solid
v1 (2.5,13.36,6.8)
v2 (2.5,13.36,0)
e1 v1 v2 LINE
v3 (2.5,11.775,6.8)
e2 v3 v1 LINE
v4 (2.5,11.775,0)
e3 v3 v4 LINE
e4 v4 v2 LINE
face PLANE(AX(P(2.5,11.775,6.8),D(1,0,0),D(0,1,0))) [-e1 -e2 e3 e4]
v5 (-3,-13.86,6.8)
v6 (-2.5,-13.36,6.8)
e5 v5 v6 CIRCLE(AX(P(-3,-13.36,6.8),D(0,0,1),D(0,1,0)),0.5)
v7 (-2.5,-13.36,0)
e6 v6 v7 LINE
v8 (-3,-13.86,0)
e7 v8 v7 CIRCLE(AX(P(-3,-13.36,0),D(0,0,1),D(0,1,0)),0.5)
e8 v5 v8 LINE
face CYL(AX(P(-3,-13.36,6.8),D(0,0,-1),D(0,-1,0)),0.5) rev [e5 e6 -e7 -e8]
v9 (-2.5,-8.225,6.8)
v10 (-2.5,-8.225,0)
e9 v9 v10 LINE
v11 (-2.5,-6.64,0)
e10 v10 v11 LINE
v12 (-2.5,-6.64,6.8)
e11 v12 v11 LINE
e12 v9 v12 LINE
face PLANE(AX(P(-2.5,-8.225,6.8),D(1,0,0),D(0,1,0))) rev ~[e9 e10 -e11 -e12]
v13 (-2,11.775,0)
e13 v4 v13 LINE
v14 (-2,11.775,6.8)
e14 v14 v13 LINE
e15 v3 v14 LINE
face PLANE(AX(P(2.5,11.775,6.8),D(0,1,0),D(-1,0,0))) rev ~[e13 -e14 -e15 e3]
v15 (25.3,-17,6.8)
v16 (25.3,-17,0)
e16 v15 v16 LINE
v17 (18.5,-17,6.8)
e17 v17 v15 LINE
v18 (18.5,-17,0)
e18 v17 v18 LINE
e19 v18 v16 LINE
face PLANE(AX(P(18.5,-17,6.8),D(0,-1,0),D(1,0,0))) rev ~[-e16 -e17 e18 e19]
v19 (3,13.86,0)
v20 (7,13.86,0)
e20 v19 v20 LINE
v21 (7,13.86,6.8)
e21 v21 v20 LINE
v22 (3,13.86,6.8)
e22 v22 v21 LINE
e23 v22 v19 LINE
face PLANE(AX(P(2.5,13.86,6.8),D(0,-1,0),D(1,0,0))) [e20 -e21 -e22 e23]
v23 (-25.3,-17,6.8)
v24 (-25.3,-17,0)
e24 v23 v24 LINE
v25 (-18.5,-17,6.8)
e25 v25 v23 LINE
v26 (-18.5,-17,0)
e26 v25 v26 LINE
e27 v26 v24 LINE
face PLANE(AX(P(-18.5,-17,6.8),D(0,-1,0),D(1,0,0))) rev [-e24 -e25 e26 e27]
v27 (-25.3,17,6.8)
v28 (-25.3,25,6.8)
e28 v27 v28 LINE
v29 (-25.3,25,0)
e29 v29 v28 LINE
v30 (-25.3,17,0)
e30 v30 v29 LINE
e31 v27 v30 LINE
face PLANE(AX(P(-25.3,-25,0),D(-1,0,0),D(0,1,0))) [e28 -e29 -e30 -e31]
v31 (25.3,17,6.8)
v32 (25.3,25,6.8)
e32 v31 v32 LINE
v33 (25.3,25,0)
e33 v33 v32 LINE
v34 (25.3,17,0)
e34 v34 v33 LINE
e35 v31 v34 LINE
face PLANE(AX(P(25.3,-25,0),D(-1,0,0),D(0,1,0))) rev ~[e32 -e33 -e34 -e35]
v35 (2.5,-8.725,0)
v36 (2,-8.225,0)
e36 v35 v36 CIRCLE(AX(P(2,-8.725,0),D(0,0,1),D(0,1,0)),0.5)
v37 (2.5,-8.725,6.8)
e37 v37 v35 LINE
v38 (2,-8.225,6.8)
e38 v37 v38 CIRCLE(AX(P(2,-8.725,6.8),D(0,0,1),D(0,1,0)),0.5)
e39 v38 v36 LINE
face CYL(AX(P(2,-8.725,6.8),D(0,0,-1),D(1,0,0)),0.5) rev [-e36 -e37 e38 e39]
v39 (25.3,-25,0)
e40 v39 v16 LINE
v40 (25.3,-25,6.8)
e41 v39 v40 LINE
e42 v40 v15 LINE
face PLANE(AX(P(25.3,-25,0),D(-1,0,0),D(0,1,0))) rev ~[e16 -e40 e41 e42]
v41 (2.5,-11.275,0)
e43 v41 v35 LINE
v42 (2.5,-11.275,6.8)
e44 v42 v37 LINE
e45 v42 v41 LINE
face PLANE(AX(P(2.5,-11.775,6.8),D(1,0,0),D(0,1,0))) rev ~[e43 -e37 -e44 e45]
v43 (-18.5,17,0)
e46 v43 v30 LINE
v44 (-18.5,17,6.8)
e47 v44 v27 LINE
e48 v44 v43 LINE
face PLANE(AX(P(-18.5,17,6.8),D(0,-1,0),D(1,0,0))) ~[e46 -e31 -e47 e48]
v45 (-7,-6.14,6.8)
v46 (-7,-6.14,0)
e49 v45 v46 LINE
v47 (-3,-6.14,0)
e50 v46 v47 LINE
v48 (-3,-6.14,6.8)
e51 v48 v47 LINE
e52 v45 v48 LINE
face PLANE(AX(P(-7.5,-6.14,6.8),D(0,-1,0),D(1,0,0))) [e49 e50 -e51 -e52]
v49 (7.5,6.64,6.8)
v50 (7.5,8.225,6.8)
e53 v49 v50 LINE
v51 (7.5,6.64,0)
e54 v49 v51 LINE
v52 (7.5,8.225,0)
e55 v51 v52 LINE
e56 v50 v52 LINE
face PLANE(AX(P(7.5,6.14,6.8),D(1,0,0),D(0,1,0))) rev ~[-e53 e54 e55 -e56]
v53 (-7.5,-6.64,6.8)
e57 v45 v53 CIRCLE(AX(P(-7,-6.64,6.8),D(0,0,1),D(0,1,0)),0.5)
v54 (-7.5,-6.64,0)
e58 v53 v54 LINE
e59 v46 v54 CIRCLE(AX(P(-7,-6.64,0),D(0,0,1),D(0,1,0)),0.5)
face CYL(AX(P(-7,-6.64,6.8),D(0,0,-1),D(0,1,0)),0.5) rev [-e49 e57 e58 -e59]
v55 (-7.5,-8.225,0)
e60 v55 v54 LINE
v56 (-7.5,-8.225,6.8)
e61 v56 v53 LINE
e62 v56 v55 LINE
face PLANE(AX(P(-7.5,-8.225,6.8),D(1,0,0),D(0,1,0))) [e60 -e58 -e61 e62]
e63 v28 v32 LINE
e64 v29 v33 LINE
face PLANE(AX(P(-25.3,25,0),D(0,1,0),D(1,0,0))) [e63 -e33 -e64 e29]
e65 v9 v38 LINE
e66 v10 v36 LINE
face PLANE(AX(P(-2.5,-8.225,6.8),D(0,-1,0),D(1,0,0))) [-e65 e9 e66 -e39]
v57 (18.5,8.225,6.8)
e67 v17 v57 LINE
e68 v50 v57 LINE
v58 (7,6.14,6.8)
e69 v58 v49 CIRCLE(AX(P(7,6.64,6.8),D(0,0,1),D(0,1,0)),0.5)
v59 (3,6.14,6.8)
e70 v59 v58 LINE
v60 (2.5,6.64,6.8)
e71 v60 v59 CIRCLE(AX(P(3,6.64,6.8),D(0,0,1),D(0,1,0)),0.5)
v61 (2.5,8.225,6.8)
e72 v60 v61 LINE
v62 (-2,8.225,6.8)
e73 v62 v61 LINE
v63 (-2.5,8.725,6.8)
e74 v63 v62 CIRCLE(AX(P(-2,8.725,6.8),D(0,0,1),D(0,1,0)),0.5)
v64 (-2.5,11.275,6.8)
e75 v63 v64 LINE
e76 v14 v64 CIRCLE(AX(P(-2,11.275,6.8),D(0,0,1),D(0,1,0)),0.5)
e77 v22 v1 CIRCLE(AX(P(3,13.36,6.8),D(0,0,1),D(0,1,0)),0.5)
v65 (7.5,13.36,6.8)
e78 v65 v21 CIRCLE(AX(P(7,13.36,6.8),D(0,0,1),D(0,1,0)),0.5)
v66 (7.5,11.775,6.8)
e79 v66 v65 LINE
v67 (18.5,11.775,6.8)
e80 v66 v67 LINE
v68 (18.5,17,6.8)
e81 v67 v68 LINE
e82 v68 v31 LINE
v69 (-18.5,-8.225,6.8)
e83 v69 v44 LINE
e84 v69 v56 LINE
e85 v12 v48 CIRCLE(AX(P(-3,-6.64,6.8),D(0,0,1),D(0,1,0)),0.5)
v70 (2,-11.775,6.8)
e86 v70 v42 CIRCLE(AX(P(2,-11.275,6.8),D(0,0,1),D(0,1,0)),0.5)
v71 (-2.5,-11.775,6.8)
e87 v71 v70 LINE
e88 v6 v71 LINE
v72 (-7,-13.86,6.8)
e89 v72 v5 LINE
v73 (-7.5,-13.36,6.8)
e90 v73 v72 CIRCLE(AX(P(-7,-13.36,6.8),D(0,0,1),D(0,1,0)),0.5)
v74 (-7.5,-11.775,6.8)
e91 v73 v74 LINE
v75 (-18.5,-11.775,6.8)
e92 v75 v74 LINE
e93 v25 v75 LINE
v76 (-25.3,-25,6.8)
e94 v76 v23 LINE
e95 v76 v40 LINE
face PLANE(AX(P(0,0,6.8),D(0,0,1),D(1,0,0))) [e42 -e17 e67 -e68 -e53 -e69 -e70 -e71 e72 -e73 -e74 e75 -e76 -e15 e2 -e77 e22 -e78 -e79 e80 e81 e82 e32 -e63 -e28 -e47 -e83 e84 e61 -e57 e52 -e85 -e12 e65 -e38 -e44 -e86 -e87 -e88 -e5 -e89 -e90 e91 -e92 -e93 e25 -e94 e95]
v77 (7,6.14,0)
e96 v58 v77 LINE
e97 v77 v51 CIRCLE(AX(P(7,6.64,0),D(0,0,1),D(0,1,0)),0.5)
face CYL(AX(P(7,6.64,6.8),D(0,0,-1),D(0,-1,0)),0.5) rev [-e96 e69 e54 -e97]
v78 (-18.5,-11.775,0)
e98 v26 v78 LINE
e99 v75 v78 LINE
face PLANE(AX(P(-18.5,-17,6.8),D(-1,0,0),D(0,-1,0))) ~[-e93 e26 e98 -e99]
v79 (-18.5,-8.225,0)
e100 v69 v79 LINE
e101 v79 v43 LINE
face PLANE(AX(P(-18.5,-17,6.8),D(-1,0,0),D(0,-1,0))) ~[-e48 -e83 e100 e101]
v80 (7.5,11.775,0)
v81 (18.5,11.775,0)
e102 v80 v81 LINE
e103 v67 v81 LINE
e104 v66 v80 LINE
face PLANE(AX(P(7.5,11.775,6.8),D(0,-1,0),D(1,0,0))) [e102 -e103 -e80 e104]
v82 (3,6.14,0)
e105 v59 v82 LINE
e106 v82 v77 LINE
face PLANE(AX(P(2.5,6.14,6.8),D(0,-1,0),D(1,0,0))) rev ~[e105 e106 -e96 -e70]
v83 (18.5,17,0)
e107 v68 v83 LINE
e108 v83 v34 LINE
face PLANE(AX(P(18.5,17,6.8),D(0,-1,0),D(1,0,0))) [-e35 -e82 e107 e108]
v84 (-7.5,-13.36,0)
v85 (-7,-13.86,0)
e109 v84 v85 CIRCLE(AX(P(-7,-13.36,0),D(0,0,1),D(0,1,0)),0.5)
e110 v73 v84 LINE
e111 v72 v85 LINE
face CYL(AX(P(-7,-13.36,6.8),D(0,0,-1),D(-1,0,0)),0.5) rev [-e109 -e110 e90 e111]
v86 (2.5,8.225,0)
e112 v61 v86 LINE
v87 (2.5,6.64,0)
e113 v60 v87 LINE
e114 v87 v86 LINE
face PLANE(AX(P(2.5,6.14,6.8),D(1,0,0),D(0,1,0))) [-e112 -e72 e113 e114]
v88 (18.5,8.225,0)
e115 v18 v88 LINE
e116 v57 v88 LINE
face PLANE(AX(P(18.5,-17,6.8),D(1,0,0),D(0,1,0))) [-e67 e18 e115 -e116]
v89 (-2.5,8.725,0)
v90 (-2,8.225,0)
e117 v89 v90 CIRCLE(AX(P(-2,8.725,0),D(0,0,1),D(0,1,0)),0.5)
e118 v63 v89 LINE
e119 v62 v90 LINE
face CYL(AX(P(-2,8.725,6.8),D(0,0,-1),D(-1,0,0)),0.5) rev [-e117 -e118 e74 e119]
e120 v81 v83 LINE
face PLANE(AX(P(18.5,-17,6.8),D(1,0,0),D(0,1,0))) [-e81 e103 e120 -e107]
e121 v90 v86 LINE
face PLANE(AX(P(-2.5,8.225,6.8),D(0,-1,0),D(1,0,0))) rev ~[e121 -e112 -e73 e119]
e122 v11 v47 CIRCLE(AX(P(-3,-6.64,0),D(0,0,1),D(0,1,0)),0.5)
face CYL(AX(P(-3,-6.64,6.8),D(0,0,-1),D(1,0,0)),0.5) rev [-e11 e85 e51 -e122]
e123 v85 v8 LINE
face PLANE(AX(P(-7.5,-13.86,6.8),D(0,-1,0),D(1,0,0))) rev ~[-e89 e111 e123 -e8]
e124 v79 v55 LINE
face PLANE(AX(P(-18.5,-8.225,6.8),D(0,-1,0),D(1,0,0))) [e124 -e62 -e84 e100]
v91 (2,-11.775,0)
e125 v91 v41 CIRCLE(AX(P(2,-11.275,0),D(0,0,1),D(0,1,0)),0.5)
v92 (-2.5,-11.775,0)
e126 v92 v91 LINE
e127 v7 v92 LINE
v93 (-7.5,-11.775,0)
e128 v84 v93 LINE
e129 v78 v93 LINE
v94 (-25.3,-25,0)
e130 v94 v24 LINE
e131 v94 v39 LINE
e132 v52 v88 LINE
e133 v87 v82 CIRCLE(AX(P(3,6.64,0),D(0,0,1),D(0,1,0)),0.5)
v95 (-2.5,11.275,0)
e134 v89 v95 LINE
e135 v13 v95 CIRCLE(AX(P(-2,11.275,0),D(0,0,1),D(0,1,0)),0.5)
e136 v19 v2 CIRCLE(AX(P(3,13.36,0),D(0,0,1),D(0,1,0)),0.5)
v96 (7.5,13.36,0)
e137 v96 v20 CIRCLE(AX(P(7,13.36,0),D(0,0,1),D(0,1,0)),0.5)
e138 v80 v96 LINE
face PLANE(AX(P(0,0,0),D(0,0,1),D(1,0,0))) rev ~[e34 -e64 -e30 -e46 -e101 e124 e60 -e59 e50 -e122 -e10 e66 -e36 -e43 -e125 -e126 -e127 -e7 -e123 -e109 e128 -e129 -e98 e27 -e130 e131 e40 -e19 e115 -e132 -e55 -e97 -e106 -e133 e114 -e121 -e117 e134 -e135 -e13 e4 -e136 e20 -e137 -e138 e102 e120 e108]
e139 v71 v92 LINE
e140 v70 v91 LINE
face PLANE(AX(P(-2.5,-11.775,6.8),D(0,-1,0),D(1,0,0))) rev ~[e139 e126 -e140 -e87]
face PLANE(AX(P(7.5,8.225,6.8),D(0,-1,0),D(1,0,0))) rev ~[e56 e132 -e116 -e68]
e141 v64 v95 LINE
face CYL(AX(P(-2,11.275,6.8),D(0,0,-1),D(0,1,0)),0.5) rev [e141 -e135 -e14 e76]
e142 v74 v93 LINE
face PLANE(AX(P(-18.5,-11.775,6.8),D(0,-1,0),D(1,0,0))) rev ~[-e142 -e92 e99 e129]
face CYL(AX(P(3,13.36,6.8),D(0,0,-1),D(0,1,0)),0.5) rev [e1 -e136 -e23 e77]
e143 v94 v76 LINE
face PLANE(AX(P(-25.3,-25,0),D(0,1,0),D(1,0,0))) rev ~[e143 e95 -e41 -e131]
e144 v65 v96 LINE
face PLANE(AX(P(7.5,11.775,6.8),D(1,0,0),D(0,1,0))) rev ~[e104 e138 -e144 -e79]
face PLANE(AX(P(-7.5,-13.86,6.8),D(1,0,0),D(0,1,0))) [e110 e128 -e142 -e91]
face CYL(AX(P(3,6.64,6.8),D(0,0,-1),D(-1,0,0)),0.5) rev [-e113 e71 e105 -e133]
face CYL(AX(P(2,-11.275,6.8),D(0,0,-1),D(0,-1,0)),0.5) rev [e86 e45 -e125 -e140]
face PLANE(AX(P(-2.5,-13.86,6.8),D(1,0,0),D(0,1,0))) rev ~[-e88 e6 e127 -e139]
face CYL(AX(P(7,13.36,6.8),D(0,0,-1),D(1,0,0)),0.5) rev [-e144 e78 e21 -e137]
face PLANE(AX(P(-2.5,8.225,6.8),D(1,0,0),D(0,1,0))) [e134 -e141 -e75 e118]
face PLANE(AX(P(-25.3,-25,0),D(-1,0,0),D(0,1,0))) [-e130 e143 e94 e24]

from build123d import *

# Parameters (mm, degrees)
SKETCH1_W           = 50.6
SKETCH1_H           = 50
BOSS_EXTRUDE1_DEPTH = 6.8
SKETCH2_W           = 6.8
SKETCH2_H           = 34
CUT_EXTRUDE1_DEPTH  = 6.8
SKETCH3_W           = 5
SKETCH3_H           = 3.55
SKETCH3_H_2         = 2.085
SKETCH3_W_2         = 11
CUT_EXTRUDE2_DEPTH  = 6.8
FILLET1_R           = 0.5


with BuildPart() as part:
    # Sketch1 → Boss-Extrude1 (new body)
    with BuildSketch(Plane.XY):
        Rectangle(SKETCH1_W, SKETCH1_H)
    extrude(amount=BOSS_EXTRUDE1_DEPTH)

    # Sketch2 → Cut-Extrude1 (cut)
    with BuildSketch(Plane.XY.offset(6.8)):
        with Locations((21.9, 0)):
            Rectangle(SKETCH2_W, SKETCH2_H)
    cut_extrude1 = extrude(amount=-CUT_EXTRUDE1_DEPTH, mode=Mode.SUBTRACT)

    # Mirror1: Cut-Extrude1 across plane
    add(cut_extrude1.mirror(Plane(origin=(0, 0, 0), x_dir=(0, 0, 1), z_dir=(1, 0, 0))), mode=Mode.SUBTRACT)

    # Sketch3 → Cut-Extrude2 (cut)
    with BuildSketch(Plane.XY.offset(6.8)):
        with Locations((0, -10)):
            Rectangle(SKETCH3_W, SKETCH3_H)
        with Locations((-5, -12.8175)):
            Rectangle(SKETCH3_W, SKETCH3_H_2)
        with Locations((-13, -10)):
            Rectangle(SKETCH3_W_2, SKETCH3_H)
        with Locations((-5, -7.1825)):
            Rectangle(SKETCH3_W, SKETCH3_H_2)
        with Locations((-5, -10)):
            Rectangle(SKETCH3_W, SKETCH3_H)
        with Locations((5, 10)):
            Rectangle(SKETCH3_W, SKETCH3_H)
        with Locations((0, 10)):
            Rectangle(SKETCH3_W, SKETCH3_H)
        with Locations((5, 7.1825)):
            Rectangle(SKETCH3_W, SKETCH3_H_2)
        with Locations((5, 12.8175)):
            Rectangle(SKETCH3_W, SKETCH3_H_2)
        with Locations((13, 10)):
            Rectangle(SKETCH3_W_2, SKETCH3_H)
    extrude(amount=-CUT_EXTRUDE2_DEPTH, mode=Mode.SUBTRACT)

    # Fillet1
    fillet1_edges = [part.edges().sort_by_distance(p)[0] for p in [
        (2.5, -8.225, 3.4),
        (2.5, -11.775, 3.4),
        (-2.5, -13.86, 3.4),
        (-7.5, -13.86, 3.4),
        (-7.5, -6.14, 3.4),
        (-2.5, -6.14, 3.4),
        (-2.5, 8.225, 3.4),
        (-2.5, 11.775, 3.4),
        (2.5, 13.86, 3.4),
        (7.5, 13.86, 3.4),
        (7.5, 6.14, 3.4),
        (2.5, 6.14, 3.4),
    ]]
    fillet(fillet1_edges, radius=FILLET1_R)


solid = part.part
